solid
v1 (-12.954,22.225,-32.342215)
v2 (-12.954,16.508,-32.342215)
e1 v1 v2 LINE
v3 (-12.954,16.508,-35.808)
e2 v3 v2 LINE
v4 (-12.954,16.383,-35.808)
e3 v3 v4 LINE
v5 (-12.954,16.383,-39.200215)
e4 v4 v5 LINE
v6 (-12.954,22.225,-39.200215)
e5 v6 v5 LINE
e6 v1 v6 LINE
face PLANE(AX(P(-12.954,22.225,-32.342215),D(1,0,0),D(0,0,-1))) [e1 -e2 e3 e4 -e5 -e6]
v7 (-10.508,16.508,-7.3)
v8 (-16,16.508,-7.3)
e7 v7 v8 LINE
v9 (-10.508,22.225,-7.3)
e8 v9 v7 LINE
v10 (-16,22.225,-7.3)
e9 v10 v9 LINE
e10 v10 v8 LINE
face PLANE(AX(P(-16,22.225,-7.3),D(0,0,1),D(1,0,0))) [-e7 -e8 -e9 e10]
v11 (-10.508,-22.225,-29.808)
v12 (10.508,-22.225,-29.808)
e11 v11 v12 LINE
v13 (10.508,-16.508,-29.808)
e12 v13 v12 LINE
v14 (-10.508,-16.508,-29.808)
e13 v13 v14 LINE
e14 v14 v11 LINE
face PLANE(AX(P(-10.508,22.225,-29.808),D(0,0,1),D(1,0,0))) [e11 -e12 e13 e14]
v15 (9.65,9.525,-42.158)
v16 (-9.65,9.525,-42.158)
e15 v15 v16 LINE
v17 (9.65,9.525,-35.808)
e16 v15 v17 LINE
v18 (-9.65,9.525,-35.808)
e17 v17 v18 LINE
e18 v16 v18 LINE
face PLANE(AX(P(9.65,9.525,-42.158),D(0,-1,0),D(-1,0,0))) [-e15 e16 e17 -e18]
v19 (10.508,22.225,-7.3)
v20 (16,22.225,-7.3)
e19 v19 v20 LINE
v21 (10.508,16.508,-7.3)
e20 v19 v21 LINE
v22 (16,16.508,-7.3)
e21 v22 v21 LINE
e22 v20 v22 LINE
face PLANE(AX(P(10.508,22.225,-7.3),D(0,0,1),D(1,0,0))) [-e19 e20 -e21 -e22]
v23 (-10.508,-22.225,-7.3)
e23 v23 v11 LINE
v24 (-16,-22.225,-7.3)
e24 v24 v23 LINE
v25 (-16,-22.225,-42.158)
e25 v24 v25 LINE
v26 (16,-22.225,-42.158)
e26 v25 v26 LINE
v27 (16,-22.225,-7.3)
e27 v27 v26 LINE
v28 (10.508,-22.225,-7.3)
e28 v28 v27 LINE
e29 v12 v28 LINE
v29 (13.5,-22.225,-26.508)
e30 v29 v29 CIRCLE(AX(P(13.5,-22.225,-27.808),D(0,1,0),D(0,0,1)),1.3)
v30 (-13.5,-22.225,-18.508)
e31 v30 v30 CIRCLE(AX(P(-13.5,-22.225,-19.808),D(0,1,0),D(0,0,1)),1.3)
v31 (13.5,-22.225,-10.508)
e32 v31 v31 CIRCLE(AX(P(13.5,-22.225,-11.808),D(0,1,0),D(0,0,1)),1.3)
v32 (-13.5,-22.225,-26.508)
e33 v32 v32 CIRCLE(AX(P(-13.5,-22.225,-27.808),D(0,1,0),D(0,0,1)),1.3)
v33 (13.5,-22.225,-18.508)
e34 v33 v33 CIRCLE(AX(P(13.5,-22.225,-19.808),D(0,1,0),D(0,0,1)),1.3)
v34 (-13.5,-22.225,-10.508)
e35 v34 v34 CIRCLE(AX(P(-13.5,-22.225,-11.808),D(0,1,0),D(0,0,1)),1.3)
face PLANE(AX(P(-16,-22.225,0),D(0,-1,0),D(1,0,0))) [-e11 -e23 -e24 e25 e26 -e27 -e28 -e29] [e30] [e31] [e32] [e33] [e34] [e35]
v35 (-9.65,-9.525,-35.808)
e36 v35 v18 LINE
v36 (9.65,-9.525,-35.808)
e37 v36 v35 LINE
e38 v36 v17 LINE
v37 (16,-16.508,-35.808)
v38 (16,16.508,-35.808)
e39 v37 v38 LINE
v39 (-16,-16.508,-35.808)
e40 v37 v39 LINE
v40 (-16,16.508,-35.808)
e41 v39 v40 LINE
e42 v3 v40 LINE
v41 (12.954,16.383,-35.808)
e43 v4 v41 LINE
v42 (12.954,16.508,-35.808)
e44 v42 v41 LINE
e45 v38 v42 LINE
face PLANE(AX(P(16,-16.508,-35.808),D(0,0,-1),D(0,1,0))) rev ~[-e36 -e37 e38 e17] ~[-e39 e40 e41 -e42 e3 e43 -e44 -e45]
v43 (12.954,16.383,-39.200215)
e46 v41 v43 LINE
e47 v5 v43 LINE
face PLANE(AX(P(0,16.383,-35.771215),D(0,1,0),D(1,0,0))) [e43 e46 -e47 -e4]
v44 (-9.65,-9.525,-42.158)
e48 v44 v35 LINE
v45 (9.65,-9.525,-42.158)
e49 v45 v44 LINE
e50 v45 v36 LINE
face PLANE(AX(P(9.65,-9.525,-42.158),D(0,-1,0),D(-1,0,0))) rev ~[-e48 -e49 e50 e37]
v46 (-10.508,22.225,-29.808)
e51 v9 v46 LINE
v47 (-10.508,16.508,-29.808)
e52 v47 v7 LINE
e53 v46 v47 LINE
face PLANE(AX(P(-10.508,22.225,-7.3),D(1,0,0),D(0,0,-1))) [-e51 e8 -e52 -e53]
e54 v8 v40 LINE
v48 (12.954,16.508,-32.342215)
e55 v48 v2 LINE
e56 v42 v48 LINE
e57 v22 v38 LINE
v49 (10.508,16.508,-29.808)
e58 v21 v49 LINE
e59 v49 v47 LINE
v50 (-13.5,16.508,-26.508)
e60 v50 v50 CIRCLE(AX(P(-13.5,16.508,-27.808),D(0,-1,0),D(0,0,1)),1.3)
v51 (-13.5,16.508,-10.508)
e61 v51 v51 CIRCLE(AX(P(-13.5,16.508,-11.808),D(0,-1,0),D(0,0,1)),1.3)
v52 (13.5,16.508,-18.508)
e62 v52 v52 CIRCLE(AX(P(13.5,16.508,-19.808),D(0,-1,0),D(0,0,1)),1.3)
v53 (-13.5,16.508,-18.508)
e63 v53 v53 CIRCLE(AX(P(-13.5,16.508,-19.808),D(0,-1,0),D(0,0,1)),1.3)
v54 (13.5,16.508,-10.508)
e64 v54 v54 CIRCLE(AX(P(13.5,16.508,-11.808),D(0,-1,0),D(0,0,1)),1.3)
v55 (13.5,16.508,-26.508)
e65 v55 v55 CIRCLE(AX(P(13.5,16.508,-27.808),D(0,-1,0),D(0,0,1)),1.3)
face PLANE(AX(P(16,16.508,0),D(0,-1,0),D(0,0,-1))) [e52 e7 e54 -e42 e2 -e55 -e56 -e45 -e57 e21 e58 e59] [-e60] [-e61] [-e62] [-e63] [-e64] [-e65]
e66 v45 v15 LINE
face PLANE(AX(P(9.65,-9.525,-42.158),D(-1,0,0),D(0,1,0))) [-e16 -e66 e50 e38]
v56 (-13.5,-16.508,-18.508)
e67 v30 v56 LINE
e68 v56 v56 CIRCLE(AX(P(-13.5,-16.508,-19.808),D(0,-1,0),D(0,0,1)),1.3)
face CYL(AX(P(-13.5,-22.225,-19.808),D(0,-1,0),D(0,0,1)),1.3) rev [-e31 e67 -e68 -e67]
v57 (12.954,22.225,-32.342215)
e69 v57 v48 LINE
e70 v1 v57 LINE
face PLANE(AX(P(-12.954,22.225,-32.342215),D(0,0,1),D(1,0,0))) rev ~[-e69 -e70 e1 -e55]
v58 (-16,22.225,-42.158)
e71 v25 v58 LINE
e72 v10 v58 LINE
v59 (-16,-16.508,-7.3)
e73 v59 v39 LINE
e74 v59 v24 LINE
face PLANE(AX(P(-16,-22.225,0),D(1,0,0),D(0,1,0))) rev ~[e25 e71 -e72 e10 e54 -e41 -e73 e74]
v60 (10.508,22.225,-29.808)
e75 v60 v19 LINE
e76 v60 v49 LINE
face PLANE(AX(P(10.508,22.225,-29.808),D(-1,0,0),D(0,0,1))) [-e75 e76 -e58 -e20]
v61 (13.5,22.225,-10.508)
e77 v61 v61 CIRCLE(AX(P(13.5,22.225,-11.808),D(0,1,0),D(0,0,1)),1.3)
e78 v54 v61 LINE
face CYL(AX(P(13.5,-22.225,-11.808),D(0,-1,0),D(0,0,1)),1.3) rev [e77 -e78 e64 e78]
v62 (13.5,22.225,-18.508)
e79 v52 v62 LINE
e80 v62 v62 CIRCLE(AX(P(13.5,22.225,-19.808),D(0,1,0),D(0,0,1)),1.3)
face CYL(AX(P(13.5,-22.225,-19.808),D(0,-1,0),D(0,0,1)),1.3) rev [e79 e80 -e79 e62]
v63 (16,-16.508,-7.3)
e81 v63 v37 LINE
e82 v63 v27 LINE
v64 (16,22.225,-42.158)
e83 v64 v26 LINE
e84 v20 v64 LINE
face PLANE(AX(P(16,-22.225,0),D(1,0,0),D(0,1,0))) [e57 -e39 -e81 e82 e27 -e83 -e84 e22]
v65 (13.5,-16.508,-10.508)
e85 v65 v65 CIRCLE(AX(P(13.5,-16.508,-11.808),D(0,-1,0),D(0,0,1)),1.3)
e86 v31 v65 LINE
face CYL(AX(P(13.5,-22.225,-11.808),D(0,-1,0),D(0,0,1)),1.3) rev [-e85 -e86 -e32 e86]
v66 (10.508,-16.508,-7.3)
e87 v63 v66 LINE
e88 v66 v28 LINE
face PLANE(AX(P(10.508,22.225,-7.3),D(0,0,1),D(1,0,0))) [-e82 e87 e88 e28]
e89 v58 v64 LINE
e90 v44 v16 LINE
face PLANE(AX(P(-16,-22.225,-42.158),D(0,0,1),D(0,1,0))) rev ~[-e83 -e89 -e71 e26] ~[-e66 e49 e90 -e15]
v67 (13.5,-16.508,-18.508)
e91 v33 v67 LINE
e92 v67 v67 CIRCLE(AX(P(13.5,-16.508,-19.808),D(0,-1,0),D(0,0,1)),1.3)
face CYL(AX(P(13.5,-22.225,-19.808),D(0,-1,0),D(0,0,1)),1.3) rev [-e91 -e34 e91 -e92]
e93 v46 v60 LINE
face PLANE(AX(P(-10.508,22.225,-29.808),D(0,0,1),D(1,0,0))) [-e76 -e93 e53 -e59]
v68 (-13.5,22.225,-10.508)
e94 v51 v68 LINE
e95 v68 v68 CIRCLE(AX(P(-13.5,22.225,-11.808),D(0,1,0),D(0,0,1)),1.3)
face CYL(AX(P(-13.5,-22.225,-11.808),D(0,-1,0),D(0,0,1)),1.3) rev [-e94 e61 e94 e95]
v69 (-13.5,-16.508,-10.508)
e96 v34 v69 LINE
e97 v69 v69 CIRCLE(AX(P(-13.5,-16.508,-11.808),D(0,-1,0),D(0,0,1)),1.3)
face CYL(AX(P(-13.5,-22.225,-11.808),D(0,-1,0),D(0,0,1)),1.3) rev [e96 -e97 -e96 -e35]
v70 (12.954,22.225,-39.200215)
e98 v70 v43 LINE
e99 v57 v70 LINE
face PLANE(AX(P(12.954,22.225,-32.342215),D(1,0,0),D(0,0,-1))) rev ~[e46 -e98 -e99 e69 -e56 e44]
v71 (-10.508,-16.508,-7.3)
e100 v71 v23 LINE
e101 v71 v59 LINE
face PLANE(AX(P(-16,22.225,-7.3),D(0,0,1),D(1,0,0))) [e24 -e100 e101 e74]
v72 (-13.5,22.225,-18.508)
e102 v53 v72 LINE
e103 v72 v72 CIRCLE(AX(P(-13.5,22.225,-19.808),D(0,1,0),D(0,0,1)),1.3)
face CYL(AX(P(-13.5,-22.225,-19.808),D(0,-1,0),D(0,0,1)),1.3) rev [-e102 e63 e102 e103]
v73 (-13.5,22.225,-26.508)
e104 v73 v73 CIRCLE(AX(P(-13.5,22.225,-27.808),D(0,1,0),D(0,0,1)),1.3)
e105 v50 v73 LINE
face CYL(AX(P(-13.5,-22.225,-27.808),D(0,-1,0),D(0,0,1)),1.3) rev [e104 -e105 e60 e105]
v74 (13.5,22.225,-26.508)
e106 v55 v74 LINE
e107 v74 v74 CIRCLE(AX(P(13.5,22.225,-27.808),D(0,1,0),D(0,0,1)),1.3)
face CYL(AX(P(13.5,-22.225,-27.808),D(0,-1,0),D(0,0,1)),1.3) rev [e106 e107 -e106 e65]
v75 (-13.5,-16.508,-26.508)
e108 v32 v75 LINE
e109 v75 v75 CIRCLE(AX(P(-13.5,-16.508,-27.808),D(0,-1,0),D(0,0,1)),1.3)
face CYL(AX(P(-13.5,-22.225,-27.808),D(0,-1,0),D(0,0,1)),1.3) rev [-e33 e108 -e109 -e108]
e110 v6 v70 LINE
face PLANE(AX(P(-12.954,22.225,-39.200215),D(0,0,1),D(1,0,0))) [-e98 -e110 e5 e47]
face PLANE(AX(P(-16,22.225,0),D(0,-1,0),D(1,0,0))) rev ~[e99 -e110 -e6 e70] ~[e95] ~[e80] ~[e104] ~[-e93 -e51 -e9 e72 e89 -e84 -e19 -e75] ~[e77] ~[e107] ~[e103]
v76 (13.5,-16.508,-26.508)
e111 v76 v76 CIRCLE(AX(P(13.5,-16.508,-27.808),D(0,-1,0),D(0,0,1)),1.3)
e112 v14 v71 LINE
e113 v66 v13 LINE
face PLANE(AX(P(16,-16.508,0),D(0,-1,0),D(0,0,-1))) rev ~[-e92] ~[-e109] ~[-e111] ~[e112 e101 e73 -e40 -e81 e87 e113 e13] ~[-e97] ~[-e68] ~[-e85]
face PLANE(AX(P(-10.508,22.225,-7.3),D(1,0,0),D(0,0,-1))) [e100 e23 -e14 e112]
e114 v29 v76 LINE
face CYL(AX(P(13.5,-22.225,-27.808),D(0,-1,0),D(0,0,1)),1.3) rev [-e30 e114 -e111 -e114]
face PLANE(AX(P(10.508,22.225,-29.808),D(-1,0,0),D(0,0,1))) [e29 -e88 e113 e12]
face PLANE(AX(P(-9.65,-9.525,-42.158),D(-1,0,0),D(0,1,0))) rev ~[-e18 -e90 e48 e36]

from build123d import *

# Parameters (mm, degrees)
SKETCH1_W           = 32
SKETCH1_H           = 44.45
BOSS_EXTRUDE1_DEPTH = 50.8
SKETCH2_W           = 35.808
SKETCH2_H           = 33.016
CUT_EXTRUDE1_DEPTH  = 32
CUT_EXTRUDE2_REACH  = 71.372
SKETCH4_W           = 8.642
SKETCH4_H           = 44.45
CUT_EXTRUDE3_DEPTH  = 65.020236059
SKETCH6_W           = 25.908
SKETCH6_H           = 6.858
CUT_EXTRUDE4_DEPTH  = 5.842
CUT_EXTRUDE5_START  = -44.45
SKETCH7_R           = 1.3
CUT_EXTRUDE5_DEPTH  = 44.45
SKETCH8_W           = 19.3
SKETCH8_H           = 19.05
CUT_EXTRUDE6_DEPTH  = 45.328667801


with BuildPart() as part:
    # Sketch1 → Boss-Extrude1 (new body)
    with BuildSketch(Plane.XY):
        Rectangle(SKETCH1_W, SKETCH1_H)
    extrude(amount=-BOSS_EXTRUDE1_DEPTH)

    # Sketch2 → Cut-Extrude1 (cut)
    with BuildSketch(Plane(origin=(16, 0, 0), x_dir=(0, 0, -1), z_dir=(1, 0, 0))):
        with Locations((17.904, 0)):
            Rectangle(SKETCH2_W, SKETCH2_H)
    extrude(amount=-CUT_EXTRUDE1_DEPTH, mode=Mode.SUBTRACT)

    # Cut-Extrude2: up to this face of the body (flat: up to its plane)
    cut_extrude2_end = Plane(part.part.faces().sort_by_distance((0, -22.225, -25.4))[0])
    # Sketch3 → Cut-Extrude2 (cut, up to the picked face)
    with BuildSketch(Plane(origin=(0, 22.225, 0), x_dir=(1, 0, 0), z_dir=(0, 1, 0)), mode=Mode.PRIVATE) as cut_extrude2_sk1:
        Polygon((-10.508, 7.3), (-10.508, 29.808), (10.508, 29.808), (10.508, 7.3), (16, 7.3), (16, 0), (-16, 0), (-16, 7.3), align=None)
    cut_extrude2_tool1 = split(extrude(cut_extrude2_sk1.sketch, amount=-CUT_EXTRUDE2_REACH, mode=Mode.PRIVATE), bisect_by=cut_extrude2_end, keep=Keep.BOTH, mode=Mode.PRIVATE)
    add(cut_extrude2_tool1.solids().sort_by(Axis((0, 22.225, -13.626975), (0, -1, 0)))[0], mode=Mode.SUBTRACT)

    # Sketch4 → Cut-Extrude3 (cut, through all)
    with BuildSketch(Plane.ZY.offset(16)):
        with Locations((-46.479, 0)):
            Rectangle(SKETCH4_W, SKETCH4_H)
    extrude(amount=-CUT_EXTRUDE3_DEPTH, mode=Mode.SUBTRACT)

    # Sketch6 → Cut-Extrude4 (cut)
    with BuildSketch(Plane(origin=(0, 22.225, 0), x_dir=(1, 0, 0), z_dir=(0, 1, 0))):
        with Locations((0, 35.771215189)):
            Rectangle(SKETCH6_W, SKETCH6_H)
    extrude(amount=-CUT_EXTRUDE4_DEPTH, mode=Mode.SUBTRACT)

    # Sketch7 → Cut-Extrude5 (cut)
    with BuildSketch(Plane(origin=(0, 22.225, 0), x_dir=(1, 0, 0), z_dir=(0, 1, 0)).offset(CUT_EXTRUDE5_START)):
        with Locations(Location((-13.5, 11.808, 0), (0, 0, 270))):
            Circle(SKETCH7_R)
        with Locations(Location((-13.5, 19.808, 0), (0, 0, 270))):
            Circle(SKETCH7_R)
        with Locations(Location((-13.5, 27.808, 0), (0, 0, 270))):
            Circle(SKETCH7_R)
        with Locations(Location((13.5, 27.808, 0), (0, 0, 270))):
            Circle(SKETCH7_R)
        with Locations(Location((13.5, 19.808, 0), (0, 0, 270))):
            Circle(SKETCH7_R)
        with Locations(Location((13.5, 11.808, 0), (0, 0, 270))):
            Circle(SKETCH7_R)
    extrude(amount=CUT_EXTRUDE5_DEPTH, mode=Mode.SUBTRACT)

    # Sketch8 → Cut-Extrude6 (cut, through all)
    with BuildSketch(Plane(origin=(0, 0, -42.158), x_dir=(-1, 0, 0), z_dir=(0, 0, -1))):
        Rectangle(SKETCH8_W, SKETCH8_H)
    extrude(amount=-CUT_EXTRUDE6_DEPTH, mode=Mode.SUBTRACT)


solid = part.part
